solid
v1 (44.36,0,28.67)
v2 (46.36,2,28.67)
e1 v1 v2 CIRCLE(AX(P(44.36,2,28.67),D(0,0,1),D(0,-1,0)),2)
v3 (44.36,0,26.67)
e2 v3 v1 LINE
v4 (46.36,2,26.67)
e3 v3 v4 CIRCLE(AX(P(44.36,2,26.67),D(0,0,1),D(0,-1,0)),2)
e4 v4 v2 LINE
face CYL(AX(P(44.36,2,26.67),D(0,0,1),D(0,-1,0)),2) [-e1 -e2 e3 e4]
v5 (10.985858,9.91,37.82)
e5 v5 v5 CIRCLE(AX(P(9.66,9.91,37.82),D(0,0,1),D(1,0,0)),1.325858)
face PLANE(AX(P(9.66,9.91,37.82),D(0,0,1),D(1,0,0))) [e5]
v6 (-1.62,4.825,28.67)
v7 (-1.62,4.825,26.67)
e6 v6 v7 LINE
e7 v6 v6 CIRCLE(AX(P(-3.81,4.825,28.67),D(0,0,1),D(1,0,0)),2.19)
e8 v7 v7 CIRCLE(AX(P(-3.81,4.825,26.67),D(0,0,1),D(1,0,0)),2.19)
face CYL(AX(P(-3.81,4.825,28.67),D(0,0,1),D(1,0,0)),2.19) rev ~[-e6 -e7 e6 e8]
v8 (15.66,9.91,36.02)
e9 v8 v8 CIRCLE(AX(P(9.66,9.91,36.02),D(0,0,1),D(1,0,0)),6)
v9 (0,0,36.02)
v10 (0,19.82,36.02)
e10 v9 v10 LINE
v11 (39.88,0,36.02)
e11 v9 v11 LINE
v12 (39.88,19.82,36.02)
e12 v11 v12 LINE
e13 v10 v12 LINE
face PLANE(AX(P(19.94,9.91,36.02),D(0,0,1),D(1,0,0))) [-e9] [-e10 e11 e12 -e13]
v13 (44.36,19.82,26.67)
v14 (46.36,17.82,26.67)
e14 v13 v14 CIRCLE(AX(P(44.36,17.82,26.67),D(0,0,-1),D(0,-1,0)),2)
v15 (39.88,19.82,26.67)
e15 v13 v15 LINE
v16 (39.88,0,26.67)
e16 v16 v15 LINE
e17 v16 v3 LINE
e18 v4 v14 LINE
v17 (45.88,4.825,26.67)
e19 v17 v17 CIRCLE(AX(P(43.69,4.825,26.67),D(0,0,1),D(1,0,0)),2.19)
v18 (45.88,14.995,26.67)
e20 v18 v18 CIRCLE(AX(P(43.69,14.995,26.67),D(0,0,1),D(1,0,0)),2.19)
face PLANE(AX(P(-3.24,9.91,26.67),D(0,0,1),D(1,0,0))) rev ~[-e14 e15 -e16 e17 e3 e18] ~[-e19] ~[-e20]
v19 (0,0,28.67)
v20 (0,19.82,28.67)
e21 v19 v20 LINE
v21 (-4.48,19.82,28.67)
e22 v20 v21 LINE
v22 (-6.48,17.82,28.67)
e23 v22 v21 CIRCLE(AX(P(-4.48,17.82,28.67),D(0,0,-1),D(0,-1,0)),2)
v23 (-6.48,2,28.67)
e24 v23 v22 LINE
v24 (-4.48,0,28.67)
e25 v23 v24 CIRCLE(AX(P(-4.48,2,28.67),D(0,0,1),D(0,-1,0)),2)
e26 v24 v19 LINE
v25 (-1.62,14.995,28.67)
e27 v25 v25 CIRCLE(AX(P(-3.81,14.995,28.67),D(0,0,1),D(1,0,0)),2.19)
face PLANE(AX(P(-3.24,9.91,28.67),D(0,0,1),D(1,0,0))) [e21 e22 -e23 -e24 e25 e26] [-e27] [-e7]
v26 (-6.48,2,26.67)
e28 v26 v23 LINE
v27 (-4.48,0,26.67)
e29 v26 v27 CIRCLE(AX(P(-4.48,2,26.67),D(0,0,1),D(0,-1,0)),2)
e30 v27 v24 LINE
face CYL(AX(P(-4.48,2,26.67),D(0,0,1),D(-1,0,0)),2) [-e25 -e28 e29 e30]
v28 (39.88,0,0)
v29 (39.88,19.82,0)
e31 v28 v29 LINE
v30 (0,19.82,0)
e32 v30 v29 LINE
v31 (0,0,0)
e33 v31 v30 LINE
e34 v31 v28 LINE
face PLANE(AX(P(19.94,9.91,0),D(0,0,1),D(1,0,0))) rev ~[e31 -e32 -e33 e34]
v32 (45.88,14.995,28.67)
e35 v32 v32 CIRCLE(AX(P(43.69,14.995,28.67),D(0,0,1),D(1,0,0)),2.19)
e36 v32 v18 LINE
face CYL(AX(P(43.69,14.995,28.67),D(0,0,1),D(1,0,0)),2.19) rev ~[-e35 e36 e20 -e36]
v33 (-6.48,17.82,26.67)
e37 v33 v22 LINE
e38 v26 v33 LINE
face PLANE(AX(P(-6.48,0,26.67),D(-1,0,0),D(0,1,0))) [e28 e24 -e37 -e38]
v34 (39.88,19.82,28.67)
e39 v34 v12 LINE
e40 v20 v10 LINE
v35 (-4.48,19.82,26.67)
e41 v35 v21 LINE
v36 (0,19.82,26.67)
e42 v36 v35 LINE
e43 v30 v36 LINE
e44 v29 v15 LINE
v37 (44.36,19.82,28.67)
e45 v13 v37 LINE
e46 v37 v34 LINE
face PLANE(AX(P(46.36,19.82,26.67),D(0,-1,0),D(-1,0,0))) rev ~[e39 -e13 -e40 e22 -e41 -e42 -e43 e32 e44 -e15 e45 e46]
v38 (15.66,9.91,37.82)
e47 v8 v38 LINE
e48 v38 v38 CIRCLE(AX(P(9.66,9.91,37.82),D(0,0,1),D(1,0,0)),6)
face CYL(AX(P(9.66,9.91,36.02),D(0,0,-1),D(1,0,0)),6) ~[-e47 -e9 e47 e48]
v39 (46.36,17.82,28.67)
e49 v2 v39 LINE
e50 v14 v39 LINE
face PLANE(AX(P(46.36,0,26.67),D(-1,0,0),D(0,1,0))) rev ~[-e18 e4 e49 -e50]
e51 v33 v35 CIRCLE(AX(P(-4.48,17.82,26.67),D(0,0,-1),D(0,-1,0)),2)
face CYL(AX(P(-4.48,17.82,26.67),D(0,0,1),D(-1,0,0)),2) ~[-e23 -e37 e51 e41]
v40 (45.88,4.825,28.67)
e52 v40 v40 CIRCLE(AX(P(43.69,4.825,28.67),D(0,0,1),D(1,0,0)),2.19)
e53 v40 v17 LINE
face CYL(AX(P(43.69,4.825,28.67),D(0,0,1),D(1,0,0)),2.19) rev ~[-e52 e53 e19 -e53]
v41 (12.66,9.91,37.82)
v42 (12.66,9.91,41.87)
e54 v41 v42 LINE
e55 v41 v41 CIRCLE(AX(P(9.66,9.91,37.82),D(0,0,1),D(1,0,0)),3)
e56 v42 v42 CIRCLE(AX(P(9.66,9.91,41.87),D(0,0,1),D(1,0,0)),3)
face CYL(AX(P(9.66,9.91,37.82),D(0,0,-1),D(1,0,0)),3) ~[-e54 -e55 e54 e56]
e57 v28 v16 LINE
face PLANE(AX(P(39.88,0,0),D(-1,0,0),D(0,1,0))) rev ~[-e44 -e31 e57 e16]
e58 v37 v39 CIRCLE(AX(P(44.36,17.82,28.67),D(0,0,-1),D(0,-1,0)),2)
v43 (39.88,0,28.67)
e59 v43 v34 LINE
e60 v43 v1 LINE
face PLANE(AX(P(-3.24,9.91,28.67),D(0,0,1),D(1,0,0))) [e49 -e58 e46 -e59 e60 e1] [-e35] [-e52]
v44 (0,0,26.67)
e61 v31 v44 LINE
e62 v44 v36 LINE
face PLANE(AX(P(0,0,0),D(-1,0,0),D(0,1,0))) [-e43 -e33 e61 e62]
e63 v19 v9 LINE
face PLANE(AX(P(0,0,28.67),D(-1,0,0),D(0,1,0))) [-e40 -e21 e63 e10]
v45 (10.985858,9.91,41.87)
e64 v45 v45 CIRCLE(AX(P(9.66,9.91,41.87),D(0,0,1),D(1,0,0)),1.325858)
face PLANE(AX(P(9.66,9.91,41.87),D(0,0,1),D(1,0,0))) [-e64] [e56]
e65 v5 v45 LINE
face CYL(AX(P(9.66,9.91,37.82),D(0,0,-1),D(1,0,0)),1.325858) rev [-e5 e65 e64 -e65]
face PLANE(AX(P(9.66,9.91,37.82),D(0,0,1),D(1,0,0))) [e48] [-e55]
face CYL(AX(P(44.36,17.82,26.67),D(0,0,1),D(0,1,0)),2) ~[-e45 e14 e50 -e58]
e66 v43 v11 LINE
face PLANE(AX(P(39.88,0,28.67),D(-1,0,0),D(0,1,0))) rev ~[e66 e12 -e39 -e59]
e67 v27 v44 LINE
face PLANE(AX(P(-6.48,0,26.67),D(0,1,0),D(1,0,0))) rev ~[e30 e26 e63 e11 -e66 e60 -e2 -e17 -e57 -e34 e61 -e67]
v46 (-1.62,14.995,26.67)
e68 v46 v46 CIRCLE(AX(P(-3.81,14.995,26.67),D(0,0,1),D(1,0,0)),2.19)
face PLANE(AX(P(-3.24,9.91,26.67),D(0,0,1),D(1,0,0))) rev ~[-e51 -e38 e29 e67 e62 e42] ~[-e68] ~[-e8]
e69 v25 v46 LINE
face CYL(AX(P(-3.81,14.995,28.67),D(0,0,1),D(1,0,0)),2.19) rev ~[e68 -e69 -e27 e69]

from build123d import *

# Parameters (mm, degrees)
F0_W      = 39.88
F0_H      = 19.82
F1_DEPTH  = 26.67
F2_W      = 6.48
F2_H      = 19.82
F2_W_2    = 39.88
F3_DEPTH  = 2
F4_W      = 39.88
F4_H      = 19.82
F5_DEPTH  = 7.35
F6_R      = 6
F7_DEPTH  = 1.8
F8_R      = 3
F8_R_2    = 1.3258580477
F9_DEPTH  = 4.05
F10_R     = 2.19
F11_DEPTH = 25
F12_R     = 2


with BuildPart() as f1:
    # F0 (on Top) → F1 (new body)
    with BuildSketch(Plane.XY):
        with Locations((19.94, 9.91)):
            Rectangle(F0_W, F0_H)
    extrude(amount=F1_DEPTH)

    # F2 (on face) → F3 (join)
    with BuildSketch(Plane.XY.offset(26.67)):
        with Locations((-3.24, 9.91)):
            Rectangle(F2_W, F2_H)
        with Locations((19.94, 9.91)):
            Rectangle(F2_W_2, F2_H)
        with Locations((43.12, 9.91)):
            Rectangle(F2_W, F2_H)
    extrude(amount=F3_DEPTH)

    # F4 (on face) → F5 (join)
    with BuildSketch(Plane.XY.offset(28.67)):
        with Locations((19.94, 9.91)):
            Rectangle(F4_W, F4_H)
    extrude(amount=F5_DEPTH)

    # F6 (on face) → F7 (join)
    with BuildSketch(Plane.XY.offset(36.02)):
        with Locations((9.66, 9.91)):
            Circle(F6_R)
    extrude(amount=F7_DEPTH)

    # F8 (on face) → F9 (join)
    with BuildSketch(Plane.XY.offset(37.82)):
        with Locations((9.66, 9.91)):
            Circle(F8_R)
        with Locations((9.66, 9.91)):
            Circle(F8_R_2, mode=Mode.SUBTRACT)
    extrude(amount=F9_DEPTH)

    # F10 (on face) → F11 (cut)
    with BuildSketch(Plane.XY.offset(28.67)):
        with Locations((-3.81, 4.825)):
            Circle(F10_R)
        with Locations((-3.81, 14.995)):
            Circle(F10_R)
        with Locations((43.69, 4.825)):
            Circle(F10_R)
        with Locations((43.69, 14.995)):
            Circle(F10_R)
    extrude(amount=-F11_DEPTH, mode=Mode.SUBTRACT)

    # F12
    f12_edges = [f1.edges().sort_by_distance(p)[0] for p in [
        (-6.48, 19.82, 27.67),
        (46.36, 19.82, 27.67),
        (46.36, 0, 27.67),
        (-6.48, 0, 27.67),
    ]]
    fillet(f12_edges, radius=F12_R)


solid = f1.part
